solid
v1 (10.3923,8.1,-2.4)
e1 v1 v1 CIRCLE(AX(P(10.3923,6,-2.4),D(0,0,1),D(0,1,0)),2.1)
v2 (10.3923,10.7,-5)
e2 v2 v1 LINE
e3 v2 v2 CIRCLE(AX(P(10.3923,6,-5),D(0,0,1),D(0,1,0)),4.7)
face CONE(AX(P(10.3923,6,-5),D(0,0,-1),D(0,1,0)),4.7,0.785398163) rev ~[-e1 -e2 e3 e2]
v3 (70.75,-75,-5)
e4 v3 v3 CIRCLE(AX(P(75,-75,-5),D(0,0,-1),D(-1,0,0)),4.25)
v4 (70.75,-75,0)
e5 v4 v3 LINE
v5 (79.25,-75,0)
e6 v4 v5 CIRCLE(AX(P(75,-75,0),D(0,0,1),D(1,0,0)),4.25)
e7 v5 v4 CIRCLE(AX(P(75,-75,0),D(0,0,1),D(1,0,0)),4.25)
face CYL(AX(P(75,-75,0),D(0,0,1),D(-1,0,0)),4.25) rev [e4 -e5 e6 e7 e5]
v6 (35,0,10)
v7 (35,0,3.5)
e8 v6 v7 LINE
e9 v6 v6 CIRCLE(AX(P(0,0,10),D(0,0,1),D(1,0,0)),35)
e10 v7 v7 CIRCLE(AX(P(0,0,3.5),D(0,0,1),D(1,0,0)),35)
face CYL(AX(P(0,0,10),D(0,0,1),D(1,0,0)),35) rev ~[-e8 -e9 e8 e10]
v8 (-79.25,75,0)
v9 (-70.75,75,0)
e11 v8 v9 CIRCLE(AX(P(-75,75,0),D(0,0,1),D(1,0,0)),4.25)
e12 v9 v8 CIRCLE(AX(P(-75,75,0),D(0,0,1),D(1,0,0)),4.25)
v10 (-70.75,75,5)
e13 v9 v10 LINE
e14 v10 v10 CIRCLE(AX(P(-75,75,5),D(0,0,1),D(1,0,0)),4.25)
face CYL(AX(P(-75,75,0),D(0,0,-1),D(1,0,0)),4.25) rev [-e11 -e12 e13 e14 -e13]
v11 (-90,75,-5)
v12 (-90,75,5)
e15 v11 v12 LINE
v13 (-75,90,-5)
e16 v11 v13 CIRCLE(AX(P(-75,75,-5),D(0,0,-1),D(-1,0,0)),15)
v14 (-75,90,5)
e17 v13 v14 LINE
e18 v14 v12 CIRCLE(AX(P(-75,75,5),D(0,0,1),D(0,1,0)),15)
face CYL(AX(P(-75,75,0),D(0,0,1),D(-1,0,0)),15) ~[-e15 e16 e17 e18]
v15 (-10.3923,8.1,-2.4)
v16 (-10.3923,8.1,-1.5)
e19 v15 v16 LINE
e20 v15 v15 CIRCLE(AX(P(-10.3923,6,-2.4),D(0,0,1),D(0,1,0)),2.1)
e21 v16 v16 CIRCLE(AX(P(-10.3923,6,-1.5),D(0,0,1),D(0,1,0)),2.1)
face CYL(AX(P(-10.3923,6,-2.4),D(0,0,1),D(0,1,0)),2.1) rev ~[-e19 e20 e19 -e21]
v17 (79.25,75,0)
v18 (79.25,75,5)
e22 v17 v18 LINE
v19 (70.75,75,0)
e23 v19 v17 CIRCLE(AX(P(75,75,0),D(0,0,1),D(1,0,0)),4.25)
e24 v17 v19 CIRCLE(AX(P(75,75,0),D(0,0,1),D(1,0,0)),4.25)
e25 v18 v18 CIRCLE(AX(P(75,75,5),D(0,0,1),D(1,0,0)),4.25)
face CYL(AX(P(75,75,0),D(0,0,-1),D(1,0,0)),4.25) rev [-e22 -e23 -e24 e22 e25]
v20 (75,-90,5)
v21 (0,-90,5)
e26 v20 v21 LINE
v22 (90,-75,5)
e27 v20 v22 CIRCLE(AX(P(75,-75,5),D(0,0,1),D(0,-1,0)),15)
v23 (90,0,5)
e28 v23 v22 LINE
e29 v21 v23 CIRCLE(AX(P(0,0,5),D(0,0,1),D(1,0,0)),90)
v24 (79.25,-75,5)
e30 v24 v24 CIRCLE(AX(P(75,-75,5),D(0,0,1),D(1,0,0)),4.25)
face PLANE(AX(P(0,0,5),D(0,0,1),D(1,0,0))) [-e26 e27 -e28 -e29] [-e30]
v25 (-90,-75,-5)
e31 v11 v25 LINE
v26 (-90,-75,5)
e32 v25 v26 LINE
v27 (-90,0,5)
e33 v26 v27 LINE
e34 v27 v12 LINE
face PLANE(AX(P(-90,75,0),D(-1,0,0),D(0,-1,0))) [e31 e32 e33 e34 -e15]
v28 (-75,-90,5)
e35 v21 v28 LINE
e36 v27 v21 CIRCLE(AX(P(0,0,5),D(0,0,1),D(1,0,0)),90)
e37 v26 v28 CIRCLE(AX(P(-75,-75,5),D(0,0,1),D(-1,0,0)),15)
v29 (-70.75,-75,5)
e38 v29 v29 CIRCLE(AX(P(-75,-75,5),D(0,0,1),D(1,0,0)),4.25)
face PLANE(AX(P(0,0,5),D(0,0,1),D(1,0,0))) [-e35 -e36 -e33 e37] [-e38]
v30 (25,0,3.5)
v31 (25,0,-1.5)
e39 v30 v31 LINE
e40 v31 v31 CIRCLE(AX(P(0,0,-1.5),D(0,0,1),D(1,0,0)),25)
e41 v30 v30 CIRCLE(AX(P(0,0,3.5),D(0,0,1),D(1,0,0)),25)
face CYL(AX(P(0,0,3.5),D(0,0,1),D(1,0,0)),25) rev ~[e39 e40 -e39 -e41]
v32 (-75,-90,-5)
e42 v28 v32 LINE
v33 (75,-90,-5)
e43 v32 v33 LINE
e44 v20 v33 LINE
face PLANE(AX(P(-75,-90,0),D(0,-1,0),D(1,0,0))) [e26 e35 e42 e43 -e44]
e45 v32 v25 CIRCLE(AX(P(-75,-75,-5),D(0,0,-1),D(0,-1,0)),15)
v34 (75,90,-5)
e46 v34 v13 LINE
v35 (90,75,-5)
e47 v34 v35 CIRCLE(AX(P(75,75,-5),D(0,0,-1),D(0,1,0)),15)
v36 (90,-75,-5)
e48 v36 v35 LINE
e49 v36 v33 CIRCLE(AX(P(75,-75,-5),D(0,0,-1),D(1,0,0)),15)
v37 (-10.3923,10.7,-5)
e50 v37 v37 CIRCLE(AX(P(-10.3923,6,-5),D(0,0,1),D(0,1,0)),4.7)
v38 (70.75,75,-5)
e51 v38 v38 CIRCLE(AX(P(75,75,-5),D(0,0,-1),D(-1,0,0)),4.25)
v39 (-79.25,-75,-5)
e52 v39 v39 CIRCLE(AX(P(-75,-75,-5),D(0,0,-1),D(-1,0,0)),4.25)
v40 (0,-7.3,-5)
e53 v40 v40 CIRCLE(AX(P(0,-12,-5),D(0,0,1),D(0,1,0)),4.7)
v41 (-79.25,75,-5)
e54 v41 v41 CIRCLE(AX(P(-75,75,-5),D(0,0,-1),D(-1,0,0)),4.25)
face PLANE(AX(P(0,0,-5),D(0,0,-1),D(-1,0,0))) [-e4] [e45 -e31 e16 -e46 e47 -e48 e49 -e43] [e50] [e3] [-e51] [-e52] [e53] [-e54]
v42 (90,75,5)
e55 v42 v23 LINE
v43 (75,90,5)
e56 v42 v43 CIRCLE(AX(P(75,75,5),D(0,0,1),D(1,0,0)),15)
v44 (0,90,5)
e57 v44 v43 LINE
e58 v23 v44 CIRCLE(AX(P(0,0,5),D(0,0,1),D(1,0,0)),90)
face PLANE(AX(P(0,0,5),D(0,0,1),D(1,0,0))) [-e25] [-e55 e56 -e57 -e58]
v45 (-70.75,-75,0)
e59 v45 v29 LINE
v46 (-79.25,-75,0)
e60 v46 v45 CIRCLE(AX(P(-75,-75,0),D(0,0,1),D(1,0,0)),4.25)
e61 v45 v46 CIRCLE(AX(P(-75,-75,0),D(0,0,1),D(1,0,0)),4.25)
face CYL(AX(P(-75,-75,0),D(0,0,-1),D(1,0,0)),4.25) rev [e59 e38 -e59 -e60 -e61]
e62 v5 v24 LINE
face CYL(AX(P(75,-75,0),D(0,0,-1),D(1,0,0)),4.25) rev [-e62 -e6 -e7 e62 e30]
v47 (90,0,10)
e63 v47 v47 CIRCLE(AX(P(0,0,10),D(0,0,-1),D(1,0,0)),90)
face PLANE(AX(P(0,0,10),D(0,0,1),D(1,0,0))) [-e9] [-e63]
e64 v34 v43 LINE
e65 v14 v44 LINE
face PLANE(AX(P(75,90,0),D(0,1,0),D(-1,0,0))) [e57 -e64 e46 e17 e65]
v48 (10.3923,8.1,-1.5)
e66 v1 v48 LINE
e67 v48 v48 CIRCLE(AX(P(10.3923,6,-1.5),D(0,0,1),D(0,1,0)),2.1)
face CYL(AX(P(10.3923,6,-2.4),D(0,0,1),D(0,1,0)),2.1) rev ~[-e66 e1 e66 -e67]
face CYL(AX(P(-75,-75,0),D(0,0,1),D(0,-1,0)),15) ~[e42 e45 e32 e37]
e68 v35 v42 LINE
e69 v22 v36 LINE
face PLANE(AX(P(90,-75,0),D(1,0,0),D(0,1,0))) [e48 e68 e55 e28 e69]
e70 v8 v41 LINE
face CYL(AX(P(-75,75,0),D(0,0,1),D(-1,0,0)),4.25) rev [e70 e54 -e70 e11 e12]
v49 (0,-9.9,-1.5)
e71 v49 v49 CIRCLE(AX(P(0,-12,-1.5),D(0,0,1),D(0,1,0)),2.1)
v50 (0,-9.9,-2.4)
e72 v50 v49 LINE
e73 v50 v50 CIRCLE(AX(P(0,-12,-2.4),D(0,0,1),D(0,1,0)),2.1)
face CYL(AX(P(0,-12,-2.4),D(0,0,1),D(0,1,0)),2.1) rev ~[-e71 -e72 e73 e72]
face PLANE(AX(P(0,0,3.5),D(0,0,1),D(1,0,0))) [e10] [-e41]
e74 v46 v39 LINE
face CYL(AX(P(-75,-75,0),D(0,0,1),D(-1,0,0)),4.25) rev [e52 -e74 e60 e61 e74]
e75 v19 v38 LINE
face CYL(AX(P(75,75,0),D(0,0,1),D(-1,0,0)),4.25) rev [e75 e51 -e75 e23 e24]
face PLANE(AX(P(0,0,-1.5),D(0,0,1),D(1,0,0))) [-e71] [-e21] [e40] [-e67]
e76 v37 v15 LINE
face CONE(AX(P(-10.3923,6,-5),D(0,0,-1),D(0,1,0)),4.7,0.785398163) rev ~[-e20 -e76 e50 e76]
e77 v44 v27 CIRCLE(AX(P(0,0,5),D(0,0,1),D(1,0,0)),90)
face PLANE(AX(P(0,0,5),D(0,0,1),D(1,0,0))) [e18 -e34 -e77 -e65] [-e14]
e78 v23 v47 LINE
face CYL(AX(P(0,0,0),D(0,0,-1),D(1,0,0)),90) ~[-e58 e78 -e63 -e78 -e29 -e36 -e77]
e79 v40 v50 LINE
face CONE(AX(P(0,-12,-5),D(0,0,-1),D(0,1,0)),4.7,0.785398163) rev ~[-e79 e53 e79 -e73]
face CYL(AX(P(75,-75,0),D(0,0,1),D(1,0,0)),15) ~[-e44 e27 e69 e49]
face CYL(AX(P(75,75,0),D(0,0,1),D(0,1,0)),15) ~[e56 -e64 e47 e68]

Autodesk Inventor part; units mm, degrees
ref_plane "YZ Plane" through (0, 0, 0) normal (1, 0, 0) x (0, 1, 0)
ref_plane "XZ Plane" through (0, 0, 0) normal (0, 1, 0) x (-1, 0, 0)
ref_plane "XY Plane" through (0, 0, 0) normal (0, 0, 1) x (1, 0, 0)
sketch "Sketch1" plane through (0, 0, 0) normal (0, 0, 1) x (1, 0, 0)
  circle A0 centre (0, 0) radius 90
  circle A1 centre (0, 0) radius 35
  line L0 (-75, 90) -> (75, 90)
  line L1 (90, 75) -> (90, -75)
  line L2 (75, -90) -> (-75, -90)
  line L3 (-90, -75) -> (-90, 75)
  line L4 (-90, 90) -> (90, -90) construction
  line L5 (90, 90) -> (-90, -90) construction
  arc A2 (-75, 90) -> (-90, 75) centre (-75, 75) ccw
  arc A3 (90, 75) -> (75, 90) centre (75, 75) ccw
  arc A4 (75, -90) -> (90, -75) centre (75, -75) ccw
  arc A5 (-90, -75) -> (-75, -90) centre (-75, -75) ccw
  circle A6 centre (75, 75) radius 4.25
  circle A7 centre (75, -75) radius 4.25
  circle A8 centre (-75, -75) radius 4.25
  circle A9 centre (-75, 75) radius 4.25
  point P0 (0, 90)
  point P1 (90, 0)
  point P2 (0, -90)
  point P3 (-90, 0)
  dimension "d0" = 180
  dimension "d1" = 70
  dimension "d2" = 15
  dimension "d3" = 8.5
extrude "Extrusion1" add sketch "Sketch1" along normal blind 10 contours A0 | A1
extrude "Extrusion2" add sketch "Sketch1" along normal blind 5 contours L1 A4 L2 A0 | A0 L0 A3 L1 | A0 L3 A2 L0 | L2 A5 L3 A0
sketch "Sketch2" plane through (0, 0, 10) normal (0, 0, 1) x (1, 0, 0)
  circle A0 centre (0, 0) radius 35
  dimension "d8" = 70
extrude "Extrusion3" cut sketch "Sketch2" against normal blind 6.5
sketch "Sketch3" plane through (0, 0, 0) normal (0, 0, -1) x (-1, 0, 0)
  circle A0 centre (-75, 75) radius 4.25 projected
  circle A1 centre (75, 75) radius 4.25 projected
  circle A2 centre (-75, -75) radius 4.25 projected
  circle A3 centre (75, -75) radius 4.25 projected
  line L0 (-90, -75) -> (-90, 75) projected
  arc A4 (-90, -75) -> (-75, -90) centre (-75, -75) ccw projected
  line L1 (75, -90) -> (-75, -90) projected
  arc A5 (75, -90) -> (90, -75) centre (75, -75) ccw projected
  line L2 (90, 75) -> (90, -75) projected
  arc A6 (90, 75) -> (75, 90) centre (75, 75) ccw projected
  line L3 (-75, 90) -> (75, 90) projected
  arc A7 (-75, 90) -> (-90, 75) centre (-75, 75) ccw projected
  point P0 (0, 0)
extrude "Extrusion4" add sketch "Sketch3" along normal blind 5
sketch "Sketch4" plane through (0, 0, 3.5) normal (0, 0, 1) x (1, 0, 0)
  circle A0 centre (0, 0) radius 35 projected
  circle A1 centre (0, 0) radius 25
  dimension "d13" = 50
extrude "Extrusion5" cut sketch "Sketch4" against normal blind 5 contours A1
sketch "Sketch5" plane through (0, 0, -5) normal (0, 0, -1) x (-1, 0, 0)
  circle A0 centre (10.3923, 6) radius 1.621 projected
  circle A1 centre (0, -12) radius 1.621 projected
  circle A2 centre (-10.3923, 6) radius 1.621 projected
  circle A3 centre (0, 0) radius 4 projected
  circle A4 centre (0, 0) radius 15 projected
  circle A5 centre (10.3923, 6) radius 2
  circle A6 centre (-10.3923, 6) radius 2
  circle A7 centre (0, -12) radius 2
  dimension "d23" = 4
  dimension "d24" = 4
  dimension "d25" = 4
hole "Hole1" at (10.3923, 6, -5) at (-10.3923, 6, -5) at (0, -12, -5) direction (0, 0, 1) diameter 4.2 end through all countersink diameter 9.4 countersink angle 90 clearance for "Countersunk Flat Head Screw ISO 2009/7046" size "M4" standard "ISO"
properties part number "base onderkant" material "Aluminum 6061"
